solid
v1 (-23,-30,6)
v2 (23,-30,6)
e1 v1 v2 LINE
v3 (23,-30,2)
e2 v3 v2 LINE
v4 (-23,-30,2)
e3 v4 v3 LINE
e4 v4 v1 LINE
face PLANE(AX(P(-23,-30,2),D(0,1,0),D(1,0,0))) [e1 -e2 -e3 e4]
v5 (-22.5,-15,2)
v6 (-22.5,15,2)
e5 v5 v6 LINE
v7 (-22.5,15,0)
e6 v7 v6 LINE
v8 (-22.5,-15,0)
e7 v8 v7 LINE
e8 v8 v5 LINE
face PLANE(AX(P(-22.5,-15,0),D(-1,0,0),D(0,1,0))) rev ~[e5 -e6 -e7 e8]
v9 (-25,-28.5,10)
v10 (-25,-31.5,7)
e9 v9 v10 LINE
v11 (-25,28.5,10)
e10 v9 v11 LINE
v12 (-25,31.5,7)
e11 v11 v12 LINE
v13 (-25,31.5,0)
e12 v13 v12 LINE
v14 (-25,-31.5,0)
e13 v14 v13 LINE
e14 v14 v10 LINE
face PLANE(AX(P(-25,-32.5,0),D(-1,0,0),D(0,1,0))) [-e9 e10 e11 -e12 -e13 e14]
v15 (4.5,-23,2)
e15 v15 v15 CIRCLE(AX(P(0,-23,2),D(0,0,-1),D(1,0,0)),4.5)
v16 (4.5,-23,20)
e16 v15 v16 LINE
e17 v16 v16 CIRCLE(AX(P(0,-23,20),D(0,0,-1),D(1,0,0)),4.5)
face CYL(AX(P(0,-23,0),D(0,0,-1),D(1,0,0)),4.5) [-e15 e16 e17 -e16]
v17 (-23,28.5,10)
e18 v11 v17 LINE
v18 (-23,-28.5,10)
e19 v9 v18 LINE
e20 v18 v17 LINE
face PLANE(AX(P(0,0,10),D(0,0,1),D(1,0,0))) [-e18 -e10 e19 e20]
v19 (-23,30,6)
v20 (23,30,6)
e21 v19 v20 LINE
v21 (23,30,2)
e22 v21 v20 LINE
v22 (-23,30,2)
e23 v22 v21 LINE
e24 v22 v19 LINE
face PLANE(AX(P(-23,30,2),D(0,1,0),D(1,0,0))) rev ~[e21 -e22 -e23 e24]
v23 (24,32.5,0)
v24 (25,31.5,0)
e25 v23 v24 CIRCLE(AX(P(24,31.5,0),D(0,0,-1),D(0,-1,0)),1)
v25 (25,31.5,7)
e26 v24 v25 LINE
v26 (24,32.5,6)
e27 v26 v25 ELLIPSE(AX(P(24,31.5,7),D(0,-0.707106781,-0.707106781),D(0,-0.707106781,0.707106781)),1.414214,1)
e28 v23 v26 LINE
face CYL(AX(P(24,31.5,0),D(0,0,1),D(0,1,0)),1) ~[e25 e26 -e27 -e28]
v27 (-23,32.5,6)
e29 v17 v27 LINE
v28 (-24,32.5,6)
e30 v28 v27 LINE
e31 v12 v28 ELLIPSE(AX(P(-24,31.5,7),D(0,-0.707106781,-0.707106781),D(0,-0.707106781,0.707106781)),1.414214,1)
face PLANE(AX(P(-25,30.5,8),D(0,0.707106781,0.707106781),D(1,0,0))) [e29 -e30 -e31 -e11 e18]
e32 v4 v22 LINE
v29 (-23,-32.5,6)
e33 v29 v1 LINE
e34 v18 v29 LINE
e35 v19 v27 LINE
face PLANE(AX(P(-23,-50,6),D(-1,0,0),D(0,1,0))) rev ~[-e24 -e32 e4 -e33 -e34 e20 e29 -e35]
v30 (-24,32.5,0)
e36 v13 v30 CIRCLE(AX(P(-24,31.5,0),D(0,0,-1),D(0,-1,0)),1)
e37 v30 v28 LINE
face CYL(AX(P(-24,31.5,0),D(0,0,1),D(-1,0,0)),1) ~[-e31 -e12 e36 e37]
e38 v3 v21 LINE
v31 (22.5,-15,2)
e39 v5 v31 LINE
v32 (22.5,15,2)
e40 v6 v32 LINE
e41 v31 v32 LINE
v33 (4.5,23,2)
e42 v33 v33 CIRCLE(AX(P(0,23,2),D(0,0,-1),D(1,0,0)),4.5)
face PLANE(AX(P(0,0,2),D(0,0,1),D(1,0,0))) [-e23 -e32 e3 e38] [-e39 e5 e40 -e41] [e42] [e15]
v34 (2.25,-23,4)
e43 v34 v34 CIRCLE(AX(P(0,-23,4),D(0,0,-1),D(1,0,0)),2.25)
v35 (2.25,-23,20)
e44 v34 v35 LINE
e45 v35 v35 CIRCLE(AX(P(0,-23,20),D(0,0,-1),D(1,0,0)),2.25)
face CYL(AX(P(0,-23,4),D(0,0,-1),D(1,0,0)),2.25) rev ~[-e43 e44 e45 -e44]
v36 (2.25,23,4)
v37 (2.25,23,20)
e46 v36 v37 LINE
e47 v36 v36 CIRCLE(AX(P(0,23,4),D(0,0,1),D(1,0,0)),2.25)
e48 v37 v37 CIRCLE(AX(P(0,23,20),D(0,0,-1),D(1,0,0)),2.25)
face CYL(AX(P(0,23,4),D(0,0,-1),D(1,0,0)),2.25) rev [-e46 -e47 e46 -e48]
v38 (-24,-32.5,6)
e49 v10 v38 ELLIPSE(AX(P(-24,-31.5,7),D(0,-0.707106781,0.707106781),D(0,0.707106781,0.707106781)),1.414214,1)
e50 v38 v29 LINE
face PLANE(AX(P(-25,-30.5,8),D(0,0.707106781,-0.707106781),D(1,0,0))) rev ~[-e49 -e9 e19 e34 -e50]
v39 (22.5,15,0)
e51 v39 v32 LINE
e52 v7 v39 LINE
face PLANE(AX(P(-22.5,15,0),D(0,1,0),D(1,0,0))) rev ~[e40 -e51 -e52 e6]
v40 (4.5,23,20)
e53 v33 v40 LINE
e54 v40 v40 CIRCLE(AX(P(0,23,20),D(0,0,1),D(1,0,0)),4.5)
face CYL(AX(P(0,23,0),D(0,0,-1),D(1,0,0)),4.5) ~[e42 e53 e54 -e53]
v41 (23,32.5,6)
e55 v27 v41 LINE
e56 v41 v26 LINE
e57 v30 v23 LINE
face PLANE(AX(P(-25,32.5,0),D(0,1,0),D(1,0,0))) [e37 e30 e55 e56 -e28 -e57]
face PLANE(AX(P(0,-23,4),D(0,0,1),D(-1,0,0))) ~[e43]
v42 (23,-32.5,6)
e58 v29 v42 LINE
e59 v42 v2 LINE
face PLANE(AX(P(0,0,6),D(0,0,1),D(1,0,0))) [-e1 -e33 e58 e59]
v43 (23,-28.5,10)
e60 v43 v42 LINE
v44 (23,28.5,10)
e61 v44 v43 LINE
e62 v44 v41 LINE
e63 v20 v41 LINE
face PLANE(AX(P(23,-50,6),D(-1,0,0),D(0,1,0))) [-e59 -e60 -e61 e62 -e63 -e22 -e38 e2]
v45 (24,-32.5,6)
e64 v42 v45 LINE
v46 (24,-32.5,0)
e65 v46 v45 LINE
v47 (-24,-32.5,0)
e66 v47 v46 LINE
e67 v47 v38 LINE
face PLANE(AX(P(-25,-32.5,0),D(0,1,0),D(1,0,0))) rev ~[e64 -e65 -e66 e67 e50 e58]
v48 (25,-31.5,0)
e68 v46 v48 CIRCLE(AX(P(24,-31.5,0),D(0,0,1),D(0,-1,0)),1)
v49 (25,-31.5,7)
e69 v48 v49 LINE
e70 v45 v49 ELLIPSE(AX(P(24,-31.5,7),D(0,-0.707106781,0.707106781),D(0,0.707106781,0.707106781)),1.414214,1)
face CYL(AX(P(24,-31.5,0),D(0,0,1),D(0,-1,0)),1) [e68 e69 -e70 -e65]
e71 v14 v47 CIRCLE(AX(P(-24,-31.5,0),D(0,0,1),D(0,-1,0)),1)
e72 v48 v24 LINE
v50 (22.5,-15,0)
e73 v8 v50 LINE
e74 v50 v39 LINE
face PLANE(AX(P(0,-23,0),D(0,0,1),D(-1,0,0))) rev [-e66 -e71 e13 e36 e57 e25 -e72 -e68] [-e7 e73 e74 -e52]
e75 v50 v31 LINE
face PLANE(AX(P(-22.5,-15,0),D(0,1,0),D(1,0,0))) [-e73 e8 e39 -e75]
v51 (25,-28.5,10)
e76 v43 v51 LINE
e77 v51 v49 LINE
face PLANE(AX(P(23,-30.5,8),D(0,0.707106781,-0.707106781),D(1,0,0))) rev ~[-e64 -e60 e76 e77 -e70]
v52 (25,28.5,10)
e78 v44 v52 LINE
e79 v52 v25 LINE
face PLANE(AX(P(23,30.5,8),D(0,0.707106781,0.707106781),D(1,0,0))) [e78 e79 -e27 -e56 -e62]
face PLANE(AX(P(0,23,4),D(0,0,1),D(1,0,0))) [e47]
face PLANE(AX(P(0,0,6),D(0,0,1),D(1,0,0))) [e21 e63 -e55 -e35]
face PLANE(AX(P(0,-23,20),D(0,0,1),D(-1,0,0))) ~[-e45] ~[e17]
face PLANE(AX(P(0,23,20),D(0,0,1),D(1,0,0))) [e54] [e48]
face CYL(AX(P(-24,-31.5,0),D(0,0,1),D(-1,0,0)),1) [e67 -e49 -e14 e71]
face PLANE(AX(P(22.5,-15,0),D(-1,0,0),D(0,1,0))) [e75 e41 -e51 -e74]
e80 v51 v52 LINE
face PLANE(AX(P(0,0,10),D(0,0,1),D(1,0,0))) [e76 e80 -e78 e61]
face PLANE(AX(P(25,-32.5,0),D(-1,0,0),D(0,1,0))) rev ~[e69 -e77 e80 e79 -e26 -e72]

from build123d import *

# Parameters (mm, degrees)
SKETCH025_W       = 50
SKETCH025_H       = 65
PAD015_DEPTH      = 10
SKETCH026_W       = 45
SKETCH026_H       = 30
POCKET008_DEPTH   = 10.001
SKETCH027_W       = 46
SKETCH027_H       = 60
POCKET009_DEPTH   = 8.001
SKETCH028_W       = 46
SKETCH028_H       = 100
POCKET010_DEPTH   = 5
CHAMFER002_SIZE   = 4
FILLET_R          = 1
CYLINDER004_R     = 4.5
CYLINDER004_DEPTH = 20
CYLINDER005_R     = 2.25
CYLINDER005_DEPTH = 20


with BuildPart() as part:
    # Sketch025 → Pad015 (new body)
    with BuildSketch(Plane.XY):
        Rectangle(SKETCH025_W, SKETCH025_H)
    extrude(amount=PAD015_DEPTH)

    # Sketch026 → Pocket008 (cut, through all)
    with BuildSketch(Plane.XY):
        Rectangle(SKETCH026_W, SKETCH026_H)
    extrude(amount=POCKET008_DEPTH, mode=Mode.SUBTRACT)

    # Sketch027 → Pocket009 (cut, through all)
    with BuildSketch(Plane.XY.offset(2)):
        Rectangle(SKETCH027_W, SKETCH027_H)
    extrude(amount=POCKET009_DEPTH, mode=Mode.SUBTRACT)

    # Sketch028 → Pocket010 (cut)
    with BuildSketch(Plane.XY.offset(6)):
        Rectangle(SKETCH028_W, SKETCH028_H)
    extrude(amount=POCKET010_DEPTH, mode=Mode.SUBTRACT)

    # Chamfer002
    chamfer002_edges = [part.edges().sort_by_distance(p)[0] for p in [
        (-24, -32.5, 10),
        (24, -32.5, 10),
        (24, 32.5, 10),
        (-24, 32.5, 10),
    ]]
    chamfer(chamfer002_edges, length=CHAMFER002_SIZE)

    # Fillet
    fillet_edges = [part.edges().sort_by_distance(p)[0] for p in [
        (25, 32.5, 3),
        (25, -32.5, 3),
        (-25, 32.5, 3),
        (-25, -32.5, 3),
    ]]
    fillet(fillet_edges, radius=FILLET_R)

    # Cylinder004 → Cylinder004 (join)
    with BuildSketch(Plane(origin=(0, 23, 0), x_dir=(1, 0, 0), z_dir=(0, 0, 1))):
        Circle(CYLINDER004_R)
    cylinder004 = extrude(amount=CYLINDER004_DEPTH)

    # Cylinder005 → Cylinder005 (cut)
    with BuildSketch(Plane(origin=(0, 23, 4), x_dir=(1, 0, 0), z_dir=(0, 0, 1))):
        Circle(CYLINDER005_R)
    cylinder005 = extrude(amount=CYLINDER005_DEPTH, mode=Mode.SUBTRACT)

    # Mirrored012: Cylinder004, Cylinder005 across XZ
    add(cylinder004.mirror(Plane.XZ))
    add(cylinder005.mirror(Plane.XZ), mode=Mode.SUBTRACT)


solid = part.part
